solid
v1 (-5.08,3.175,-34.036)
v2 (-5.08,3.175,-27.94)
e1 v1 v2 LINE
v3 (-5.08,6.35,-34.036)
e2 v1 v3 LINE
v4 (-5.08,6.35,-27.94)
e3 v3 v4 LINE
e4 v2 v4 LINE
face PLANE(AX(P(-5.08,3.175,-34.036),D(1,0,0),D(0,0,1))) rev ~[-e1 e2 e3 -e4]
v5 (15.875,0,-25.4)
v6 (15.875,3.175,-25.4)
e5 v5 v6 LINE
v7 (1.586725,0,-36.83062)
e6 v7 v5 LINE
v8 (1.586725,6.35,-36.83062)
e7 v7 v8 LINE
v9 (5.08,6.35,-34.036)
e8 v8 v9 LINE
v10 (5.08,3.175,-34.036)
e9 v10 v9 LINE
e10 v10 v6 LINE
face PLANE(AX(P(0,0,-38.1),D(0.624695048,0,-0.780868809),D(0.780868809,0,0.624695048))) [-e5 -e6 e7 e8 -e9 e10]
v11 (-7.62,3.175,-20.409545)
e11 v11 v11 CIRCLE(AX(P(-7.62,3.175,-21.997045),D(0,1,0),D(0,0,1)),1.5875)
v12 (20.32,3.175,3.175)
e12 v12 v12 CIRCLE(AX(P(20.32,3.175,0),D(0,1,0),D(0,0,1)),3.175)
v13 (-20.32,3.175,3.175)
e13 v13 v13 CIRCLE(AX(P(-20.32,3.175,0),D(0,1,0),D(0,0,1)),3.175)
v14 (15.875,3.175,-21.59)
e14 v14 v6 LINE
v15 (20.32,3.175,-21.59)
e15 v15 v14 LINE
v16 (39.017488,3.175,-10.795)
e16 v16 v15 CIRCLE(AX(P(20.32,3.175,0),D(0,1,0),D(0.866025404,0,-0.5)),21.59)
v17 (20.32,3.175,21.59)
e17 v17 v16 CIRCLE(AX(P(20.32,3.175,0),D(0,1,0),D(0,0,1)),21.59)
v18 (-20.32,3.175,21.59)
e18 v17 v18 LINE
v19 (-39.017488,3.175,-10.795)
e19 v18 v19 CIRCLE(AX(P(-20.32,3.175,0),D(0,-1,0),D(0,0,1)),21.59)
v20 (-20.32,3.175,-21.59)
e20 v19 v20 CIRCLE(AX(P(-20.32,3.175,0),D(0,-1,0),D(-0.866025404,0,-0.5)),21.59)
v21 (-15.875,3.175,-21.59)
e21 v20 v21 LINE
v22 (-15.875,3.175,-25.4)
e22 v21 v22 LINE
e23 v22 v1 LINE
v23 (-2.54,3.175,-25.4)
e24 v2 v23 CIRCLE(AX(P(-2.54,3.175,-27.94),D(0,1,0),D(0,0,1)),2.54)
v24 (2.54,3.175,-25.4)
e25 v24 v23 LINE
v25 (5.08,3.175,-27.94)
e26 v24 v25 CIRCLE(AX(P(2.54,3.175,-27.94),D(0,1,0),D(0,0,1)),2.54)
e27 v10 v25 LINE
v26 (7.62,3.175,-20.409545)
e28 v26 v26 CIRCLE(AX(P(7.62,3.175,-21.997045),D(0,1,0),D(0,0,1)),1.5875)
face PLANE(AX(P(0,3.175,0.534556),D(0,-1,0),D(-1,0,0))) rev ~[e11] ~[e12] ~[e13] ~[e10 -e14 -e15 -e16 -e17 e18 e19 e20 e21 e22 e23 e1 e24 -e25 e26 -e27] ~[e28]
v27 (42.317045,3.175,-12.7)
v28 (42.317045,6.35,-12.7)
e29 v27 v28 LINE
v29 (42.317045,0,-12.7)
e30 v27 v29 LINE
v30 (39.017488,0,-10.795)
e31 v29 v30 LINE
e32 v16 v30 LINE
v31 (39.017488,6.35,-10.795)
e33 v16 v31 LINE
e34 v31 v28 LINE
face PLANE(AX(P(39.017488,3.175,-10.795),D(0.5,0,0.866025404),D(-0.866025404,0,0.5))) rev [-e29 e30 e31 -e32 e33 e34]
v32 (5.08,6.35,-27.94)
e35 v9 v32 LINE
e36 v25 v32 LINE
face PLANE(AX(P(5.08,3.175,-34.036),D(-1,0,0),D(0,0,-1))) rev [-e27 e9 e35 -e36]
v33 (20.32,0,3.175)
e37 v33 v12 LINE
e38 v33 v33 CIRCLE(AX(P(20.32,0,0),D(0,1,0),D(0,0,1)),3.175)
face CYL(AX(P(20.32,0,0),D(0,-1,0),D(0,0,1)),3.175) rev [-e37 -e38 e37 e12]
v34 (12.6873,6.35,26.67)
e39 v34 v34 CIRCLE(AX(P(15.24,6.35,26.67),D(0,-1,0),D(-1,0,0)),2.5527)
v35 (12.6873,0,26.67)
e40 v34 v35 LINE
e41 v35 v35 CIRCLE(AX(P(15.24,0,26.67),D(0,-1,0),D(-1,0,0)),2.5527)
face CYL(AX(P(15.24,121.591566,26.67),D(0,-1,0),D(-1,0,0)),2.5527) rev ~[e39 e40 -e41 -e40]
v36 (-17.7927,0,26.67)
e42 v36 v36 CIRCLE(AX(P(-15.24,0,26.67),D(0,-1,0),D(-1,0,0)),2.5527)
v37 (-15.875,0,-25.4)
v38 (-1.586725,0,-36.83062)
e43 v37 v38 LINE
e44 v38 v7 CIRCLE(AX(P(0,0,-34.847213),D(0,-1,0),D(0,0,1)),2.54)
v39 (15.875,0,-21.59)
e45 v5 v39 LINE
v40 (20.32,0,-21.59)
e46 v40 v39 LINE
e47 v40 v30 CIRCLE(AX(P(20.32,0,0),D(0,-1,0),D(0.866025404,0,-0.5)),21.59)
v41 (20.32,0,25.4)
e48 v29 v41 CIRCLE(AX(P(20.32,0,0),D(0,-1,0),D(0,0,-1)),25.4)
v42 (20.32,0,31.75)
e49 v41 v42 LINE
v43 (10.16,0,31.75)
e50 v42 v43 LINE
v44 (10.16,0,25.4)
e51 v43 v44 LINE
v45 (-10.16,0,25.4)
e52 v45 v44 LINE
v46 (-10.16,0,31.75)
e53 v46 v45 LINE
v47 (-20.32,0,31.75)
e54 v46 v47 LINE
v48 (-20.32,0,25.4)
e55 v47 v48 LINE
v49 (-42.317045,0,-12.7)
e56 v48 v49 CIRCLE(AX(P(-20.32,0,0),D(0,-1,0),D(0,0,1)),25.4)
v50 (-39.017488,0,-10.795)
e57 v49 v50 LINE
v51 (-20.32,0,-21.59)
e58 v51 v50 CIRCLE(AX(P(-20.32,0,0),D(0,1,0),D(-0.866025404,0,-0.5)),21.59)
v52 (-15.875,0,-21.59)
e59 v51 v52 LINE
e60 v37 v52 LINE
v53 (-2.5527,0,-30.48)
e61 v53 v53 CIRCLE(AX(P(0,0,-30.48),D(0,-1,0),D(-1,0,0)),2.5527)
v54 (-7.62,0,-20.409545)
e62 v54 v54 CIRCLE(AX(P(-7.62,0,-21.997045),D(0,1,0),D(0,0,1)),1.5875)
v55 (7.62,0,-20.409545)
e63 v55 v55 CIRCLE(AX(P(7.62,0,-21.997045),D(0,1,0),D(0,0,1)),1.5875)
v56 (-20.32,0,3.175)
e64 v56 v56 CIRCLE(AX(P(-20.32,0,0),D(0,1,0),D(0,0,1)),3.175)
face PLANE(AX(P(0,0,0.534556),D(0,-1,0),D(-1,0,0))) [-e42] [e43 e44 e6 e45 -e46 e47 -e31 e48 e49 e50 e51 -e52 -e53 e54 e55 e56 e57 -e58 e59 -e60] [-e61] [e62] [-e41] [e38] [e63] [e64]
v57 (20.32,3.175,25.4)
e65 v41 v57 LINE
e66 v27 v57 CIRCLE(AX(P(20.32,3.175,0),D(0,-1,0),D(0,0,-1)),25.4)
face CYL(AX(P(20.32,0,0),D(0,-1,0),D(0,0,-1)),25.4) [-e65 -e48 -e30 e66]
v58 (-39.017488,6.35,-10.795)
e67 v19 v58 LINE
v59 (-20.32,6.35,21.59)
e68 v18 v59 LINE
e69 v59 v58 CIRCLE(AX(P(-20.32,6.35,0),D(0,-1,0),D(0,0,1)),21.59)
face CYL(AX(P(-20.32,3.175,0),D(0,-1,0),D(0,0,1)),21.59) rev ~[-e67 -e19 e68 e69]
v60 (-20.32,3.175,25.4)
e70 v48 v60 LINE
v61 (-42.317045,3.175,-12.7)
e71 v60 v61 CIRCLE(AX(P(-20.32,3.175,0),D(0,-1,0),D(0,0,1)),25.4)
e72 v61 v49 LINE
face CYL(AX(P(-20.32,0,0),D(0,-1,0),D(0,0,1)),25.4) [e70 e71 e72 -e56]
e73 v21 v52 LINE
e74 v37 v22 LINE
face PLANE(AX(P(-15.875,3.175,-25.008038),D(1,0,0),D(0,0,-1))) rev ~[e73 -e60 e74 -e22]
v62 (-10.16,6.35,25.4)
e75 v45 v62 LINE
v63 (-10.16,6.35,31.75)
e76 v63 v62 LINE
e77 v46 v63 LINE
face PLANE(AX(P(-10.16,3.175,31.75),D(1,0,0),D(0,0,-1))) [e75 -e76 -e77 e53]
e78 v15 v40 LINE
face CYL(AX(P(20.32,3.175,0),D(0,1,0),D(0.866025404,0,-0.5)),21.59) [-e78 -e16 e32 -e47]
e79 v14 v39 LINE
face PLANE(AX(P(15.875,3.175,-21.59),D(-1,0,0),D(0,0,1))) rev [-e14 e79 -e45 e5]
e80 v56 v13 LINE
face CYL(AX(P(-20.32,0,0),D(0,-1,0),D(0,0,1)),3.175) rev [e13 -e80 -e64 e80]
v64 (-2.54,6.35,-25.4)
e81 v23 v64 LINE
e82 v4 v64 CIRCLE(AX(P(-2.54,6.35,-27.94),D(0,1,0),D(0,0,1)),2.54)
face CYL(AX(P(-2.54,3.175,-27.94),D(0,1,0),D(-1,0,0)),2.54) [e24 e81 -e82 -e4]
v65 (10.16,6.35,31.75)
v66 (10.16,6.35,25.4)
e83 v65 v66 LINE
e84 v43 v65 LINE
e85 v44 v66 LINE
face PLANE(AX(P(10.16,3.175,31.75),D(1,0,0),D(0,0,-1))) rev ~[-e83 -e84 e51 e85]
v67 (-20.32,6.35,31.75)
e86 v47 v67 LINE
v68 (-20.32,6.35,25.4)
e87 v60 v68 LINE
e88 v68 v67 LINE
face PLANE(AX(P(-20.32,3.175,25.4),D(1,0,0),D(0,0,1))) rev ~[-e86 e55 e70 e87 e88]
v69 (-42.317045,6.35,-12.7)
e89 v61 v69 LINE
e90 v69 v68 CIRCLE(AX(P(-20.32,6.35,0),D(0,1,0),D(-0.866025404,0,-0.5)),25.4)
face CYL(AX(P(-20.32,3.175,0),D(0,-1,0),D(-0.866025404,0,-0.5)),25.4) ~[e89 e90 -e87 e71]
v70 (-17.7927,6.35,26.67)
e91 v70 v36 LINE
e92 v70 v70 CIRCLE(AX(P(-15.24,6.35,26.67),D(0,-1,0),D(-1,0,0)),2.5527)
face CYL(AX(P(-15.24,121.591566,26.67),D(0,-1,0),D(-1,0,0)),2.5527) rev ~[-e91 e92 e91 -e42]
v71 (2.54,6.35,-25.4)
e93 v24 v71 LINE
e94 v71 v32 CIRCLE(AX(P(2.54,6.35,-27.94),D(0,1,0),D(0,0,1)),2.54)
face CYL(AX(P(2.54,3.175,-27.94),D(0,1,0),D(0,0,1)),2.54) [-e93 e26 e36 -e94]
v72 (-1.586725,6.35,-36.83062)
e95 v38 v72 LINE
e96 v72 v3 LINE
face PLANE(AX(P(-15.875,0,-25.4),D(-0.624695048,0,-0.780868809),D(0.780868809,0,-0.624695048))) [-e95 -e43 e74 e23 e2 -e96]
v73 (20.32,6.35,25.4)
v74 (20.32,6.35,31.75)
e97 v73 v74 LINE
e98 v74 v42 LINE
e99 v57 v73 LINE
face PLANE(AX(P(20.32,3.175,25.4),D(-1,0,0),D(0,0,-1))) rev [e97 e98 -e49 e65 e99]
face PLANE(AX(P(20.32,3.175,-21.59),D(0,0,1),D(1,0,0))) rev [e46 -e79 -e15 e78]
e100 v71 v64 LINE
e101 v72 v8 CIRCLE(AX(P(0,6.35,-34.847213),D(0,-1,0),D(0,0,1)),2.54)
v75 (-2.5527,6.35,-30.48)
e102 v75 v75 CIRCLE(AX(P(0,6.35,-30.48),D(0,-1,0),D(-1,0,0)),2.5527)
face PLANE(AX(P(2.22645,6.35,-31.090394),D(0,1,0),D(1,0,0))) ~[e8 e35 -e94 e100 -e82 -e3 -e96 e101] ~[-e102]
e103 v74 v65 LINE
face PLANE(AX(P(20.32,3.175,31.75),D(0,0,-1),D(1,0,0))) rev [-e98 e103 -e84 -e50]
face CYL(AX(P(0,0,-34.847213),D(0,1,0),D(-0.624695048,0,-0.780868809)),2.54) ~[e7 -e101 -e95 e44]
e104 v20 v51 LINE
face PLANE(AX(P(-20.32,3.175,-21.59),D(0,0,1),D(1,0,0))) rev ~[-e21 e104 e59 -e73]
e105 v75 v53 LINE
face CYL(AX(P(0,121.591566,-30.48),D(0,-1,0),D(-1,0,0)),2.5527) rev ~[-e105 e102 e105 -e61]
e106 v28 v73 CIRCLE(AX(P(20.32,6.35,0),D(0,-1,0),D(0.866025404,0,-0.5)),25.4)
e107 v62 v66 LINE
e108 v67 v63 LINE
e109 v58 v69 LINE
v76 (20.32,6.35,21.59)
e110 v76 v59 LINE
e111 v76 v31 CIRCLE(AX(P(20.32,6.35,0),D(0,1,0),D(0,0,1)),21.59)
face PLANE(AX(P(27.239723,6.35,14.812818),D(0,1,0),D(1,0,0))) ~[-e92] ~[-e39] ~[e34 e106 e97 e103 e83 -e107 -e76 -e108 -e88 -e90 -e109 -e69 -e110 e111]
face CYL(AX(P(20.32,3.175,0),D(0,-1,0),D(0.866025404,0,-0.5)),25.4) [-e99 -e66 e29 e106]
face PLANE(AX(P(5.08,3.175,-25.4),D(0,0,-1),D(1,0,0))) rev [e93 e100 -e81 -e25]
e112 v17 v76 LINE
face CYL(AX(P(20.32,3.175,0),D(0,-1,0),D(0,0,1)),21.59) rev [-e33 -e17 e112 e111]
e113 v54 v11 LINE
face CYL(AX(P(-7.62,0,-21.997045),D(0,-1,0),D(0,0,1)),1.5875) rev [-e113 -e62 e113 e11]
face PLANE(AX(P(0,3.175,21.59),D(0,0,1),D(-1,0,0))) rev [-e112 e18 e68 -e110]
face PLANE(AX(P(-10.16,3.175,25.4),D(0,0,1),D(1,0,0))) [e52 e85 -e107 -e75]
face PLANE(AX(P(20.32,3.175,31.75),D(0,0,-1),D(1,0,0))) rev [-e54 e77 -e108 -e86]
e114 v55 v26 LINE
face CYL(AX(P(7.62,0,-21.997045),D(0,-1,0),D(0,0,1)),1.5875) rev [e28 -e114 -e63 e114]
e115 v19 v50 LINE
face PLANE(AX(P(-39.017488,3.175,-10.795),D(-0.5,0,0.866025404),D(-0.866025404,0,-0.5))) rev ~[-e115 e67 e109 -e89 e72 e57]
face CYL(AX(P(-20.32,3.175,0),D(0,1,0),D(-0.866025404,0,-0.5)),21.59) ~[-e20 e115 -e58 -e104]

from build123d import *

# Parameters (mm, degrees)
SKETCH1_R                    = 3.175
SKETCH1_R_2                  = 1.5875
BOSS_EXTRUDE1_DEPTH          = 3.175
CUT_EXTRUDE1_REACH           = 61.599
BOSS_EXTRUDE2_DEPTH          = 3.175
TAP_DRILL_FOR_10_HELICOIL2_D = 5.1054
FILLET1_R                    = 2.54
CUT_EXTRUDE2_REACH           = 61.146
SKETCH20_W                   = 20.32
SKETCH20_H                   = 6.35


with BuildPart() as part:
    # Sketch1 → Boss-Extrude1 (new body)
    with BuildSketch(Plane(origin=(0, 0, 0), x_dir=(1, 0, 0), z_dir=(0, 1, 0))):
        with BuildLine():
            Line((-20.32, 25.4), (-15.875, 25.4))
            Line((-15.875, 25.4), (0, 38.1))
            Line((0, 38.1), (15.875, 25.4))
            Line((15.875, 25.4), (20.32, 25.4))
            ThreePointArc((20.32, 25.4), (45.72, 0), (20.32, -25.4))
            Line((20.32, -25.4), (20.32, -31.75))
            Line((20.32, -31.75), (-20.32, -31.75))
            Line((-20.32, -31.75), (-20.32, -25.4))
            ThreePointArc((-20.32, -25.4), (-45.72, 0), (-20.32, 25.4))
        make_face()
        with Locations(Location((20.32, 0, 0), (0, 0, 270))):
            Circle(SKETCH1_R, mode=Mode.SUBTRACT)
        with Locations(Location((7.62, 21.997045256, 0), (0, 0, 270))):
            Circle(SKETCH1_R_2, mode=Mode.SUBTRACT)
        with Locations(Location((-20.32, 0, 0), (0, 0, 270))):
            Circle(SKETCH1_R, mode=Mode.SUBTRACT)
        with Locations(Location((-7.62, 21.997045256, 0), (0, 0, 270))):
            Circle(SKETCH1_R_2, mode=Mode.SUBTRACT)
    extrude(amount=BOSS_EXTRUDE1_DEPTH)

    # Sketch7 → Cut-Extrude1 (cut, up to next)
    with BuildSketch(Plane(origin=(0, 3.175, 0), x_dir=(1, 0, 0), z_dir=(0, 1, 0)), mode=Mode.PRIVATE) as cut_extrude1_sk1:
        with BuildLine():
            Line((-42.317045256, 12.7), (-39.017488468, 10.795))
            ThreePointArc((-39.017488468, 10.795), (-31.115, 18.697488468), (-20.32, 21.59))
            Line((-20.32, 21.59), (-15.875, 21.59))
            Line((-15.875, 21.59), (-15.875, 25.008038208))
            ThreePointArc((-15.875, 25.008038208), (-18.088875897, 25.301819801), (-20.32, 25.4))
            ThreePointArc((-20.32, 25.4), (-33.02, 21.997045256), (-42.317045256, 12.7))
        make_face()
    cut_extrude1_tool1 = extrude(cut_extrude1_sk1.sketch, amount=-CUT_EXTRUDE1_REACH, mode=Mode.PRIVATE) & part.part
    # Sketch7 → Cut-Extrude1 (cut, up to next)
    with BuildSketch(Plane(origin=(0, 3.175, 0), x_dir=(1, 0, 0), z_dir=(0, 1, 0)), mode=Mode.PRIVATE) as cut_extrude1_sk2:
        with BuildLine():
            Line((-15.875, 25.4), (-20.32, 25.4))
            ThreePointArc((-20.32, 25.4), (-18.088875897, 25.301819801), (-15.875, 25.008038208))
            Line((-15.875, 25.008038208), (-15.875, 25.4))
        make_face()
    cut_extrude1_tool2 = extrude(cut_extrude1_sk2.sketch, amount=-CUT_EXTRUDE1_REACH, mode=Mode.PRIVATE) & part.part
    cut_extrude1_1 = cut_extrude1_tool1.solids().sort_by_distance((-29.568041, 3.175, -20.060943))[0]
    add(cut_extrude1_1, mode=Mode.SUBTRACT)
    cut_extrude1_2 = cut_extrude1_tool2.solids().sort_by_distance((-16.984528, 3.175, -25.282569))[0]
    add(cut_extrude1_2, mode=Mode.SUBTRACT)
    cut_extrude1 = cut_extrude1_1 + cut_extrude1_2  # Cut-Extrude1 as one shape, for the pattern or mirror that repeats it

    # Sketch9 → Boss-Extrude2 (add)
    with BuildSketch(Plane(origin=(0, 3.175, 0), x_dir=(1, 0, 0), z_dir=(0, 1, 0))):
        with BuildLine():
            Line((-39.017488468, 10.795), (-42.317045256, 12.7))
            ThreePointArc((-42.317045256, 12.7), (-42.317045256, -12.7), (-20.32, -25.4))
            Line((-20.32, -25.4), (-20.32, -31.75))
            Line((-20.32, -31.75), (-10.16, -31.75))
            Line((-10.16, -31.75), (-10.16, -25.4))
            Line((-10.16, -25.4), (0, -25.4))
            Line((0, -25.4), (0, -21.59))
            Line((0, -21.59), (-20.32, -21.59))
            ThreePointArc((-20.32, -21.59), (-39.017488468, -10.795), (-39.017488468, 10.795))
        make_face()
        Polygon((0, 38.1), (-5.08, 34.036), (-5.08, 25.4), (0, 25.4), align=None)
    boss_extrude2 = extrude(amount=BOSS_EXTRUDE2_DEPTH)

    # Mirror1: Cut-Extrude1, Boss-Extrude2 across plane
    add(cut_extrude1.mirror(Plane(origin=(0, 0, 0), x_dir=(0, 0, 1), z_dir=(1, 0, 0))), mode=Mode.SUBTRACT)
    add(boss_extrude2.mirror(Plane(origin=(0, 0, 0), x_dir=(0, 0, 1), z_dir=(1, 0, 0))))

    # Tap Drill for #10 Helicoil2 (through all)
    with Locations(Plane(origin=(0, 6.35, 0), x_dir=(1, 0, 0), z_dir=(0, 1, 0))):
        with Locations((-15.24, -26.67), (15.24, -26.67), (0, 30.48)):
            Hole(TAP_DRILL_FOR_10_HELICOIL2_D / 2)

    # Fillet1
    fillet1_edges = [part.edges().sort_by_distance(p)[0] for p in [
        (5.08, 4.7625, -25.4),
        (0, 3.175, -38.1),
        (-5.08, 4.7625, -25.4),
    ]]
    fillet(fillet1_edges, radius=FILLET1_R)

    # Sketch20 → Cut-Extrude2 (cut, up to next)
    with BuildSketch(Plane(origin=(0, 3.175, 0), x_dir=(1, 0, 0), z_dir=(0, 1, 0)), mode=Mode.PRIVATE) as cut_extrude2_sk1:
        with Locations((0, -28.575)):
            Rectangle(SKETCH20_W, SKETCH20_H)
    cut_extrude2_tool1 = extrude(cut_extrude2_sk1.sketch, amount=-CUT_EXTRUDE2_REACH, mode=Mode.PRIVATE) & part.part
    add(cut_extrude2_tool1.solids().sort_by_distance((0, 3.175, 28.575))[0], mode=Mode.SUBTRACT)


solid = part.part
